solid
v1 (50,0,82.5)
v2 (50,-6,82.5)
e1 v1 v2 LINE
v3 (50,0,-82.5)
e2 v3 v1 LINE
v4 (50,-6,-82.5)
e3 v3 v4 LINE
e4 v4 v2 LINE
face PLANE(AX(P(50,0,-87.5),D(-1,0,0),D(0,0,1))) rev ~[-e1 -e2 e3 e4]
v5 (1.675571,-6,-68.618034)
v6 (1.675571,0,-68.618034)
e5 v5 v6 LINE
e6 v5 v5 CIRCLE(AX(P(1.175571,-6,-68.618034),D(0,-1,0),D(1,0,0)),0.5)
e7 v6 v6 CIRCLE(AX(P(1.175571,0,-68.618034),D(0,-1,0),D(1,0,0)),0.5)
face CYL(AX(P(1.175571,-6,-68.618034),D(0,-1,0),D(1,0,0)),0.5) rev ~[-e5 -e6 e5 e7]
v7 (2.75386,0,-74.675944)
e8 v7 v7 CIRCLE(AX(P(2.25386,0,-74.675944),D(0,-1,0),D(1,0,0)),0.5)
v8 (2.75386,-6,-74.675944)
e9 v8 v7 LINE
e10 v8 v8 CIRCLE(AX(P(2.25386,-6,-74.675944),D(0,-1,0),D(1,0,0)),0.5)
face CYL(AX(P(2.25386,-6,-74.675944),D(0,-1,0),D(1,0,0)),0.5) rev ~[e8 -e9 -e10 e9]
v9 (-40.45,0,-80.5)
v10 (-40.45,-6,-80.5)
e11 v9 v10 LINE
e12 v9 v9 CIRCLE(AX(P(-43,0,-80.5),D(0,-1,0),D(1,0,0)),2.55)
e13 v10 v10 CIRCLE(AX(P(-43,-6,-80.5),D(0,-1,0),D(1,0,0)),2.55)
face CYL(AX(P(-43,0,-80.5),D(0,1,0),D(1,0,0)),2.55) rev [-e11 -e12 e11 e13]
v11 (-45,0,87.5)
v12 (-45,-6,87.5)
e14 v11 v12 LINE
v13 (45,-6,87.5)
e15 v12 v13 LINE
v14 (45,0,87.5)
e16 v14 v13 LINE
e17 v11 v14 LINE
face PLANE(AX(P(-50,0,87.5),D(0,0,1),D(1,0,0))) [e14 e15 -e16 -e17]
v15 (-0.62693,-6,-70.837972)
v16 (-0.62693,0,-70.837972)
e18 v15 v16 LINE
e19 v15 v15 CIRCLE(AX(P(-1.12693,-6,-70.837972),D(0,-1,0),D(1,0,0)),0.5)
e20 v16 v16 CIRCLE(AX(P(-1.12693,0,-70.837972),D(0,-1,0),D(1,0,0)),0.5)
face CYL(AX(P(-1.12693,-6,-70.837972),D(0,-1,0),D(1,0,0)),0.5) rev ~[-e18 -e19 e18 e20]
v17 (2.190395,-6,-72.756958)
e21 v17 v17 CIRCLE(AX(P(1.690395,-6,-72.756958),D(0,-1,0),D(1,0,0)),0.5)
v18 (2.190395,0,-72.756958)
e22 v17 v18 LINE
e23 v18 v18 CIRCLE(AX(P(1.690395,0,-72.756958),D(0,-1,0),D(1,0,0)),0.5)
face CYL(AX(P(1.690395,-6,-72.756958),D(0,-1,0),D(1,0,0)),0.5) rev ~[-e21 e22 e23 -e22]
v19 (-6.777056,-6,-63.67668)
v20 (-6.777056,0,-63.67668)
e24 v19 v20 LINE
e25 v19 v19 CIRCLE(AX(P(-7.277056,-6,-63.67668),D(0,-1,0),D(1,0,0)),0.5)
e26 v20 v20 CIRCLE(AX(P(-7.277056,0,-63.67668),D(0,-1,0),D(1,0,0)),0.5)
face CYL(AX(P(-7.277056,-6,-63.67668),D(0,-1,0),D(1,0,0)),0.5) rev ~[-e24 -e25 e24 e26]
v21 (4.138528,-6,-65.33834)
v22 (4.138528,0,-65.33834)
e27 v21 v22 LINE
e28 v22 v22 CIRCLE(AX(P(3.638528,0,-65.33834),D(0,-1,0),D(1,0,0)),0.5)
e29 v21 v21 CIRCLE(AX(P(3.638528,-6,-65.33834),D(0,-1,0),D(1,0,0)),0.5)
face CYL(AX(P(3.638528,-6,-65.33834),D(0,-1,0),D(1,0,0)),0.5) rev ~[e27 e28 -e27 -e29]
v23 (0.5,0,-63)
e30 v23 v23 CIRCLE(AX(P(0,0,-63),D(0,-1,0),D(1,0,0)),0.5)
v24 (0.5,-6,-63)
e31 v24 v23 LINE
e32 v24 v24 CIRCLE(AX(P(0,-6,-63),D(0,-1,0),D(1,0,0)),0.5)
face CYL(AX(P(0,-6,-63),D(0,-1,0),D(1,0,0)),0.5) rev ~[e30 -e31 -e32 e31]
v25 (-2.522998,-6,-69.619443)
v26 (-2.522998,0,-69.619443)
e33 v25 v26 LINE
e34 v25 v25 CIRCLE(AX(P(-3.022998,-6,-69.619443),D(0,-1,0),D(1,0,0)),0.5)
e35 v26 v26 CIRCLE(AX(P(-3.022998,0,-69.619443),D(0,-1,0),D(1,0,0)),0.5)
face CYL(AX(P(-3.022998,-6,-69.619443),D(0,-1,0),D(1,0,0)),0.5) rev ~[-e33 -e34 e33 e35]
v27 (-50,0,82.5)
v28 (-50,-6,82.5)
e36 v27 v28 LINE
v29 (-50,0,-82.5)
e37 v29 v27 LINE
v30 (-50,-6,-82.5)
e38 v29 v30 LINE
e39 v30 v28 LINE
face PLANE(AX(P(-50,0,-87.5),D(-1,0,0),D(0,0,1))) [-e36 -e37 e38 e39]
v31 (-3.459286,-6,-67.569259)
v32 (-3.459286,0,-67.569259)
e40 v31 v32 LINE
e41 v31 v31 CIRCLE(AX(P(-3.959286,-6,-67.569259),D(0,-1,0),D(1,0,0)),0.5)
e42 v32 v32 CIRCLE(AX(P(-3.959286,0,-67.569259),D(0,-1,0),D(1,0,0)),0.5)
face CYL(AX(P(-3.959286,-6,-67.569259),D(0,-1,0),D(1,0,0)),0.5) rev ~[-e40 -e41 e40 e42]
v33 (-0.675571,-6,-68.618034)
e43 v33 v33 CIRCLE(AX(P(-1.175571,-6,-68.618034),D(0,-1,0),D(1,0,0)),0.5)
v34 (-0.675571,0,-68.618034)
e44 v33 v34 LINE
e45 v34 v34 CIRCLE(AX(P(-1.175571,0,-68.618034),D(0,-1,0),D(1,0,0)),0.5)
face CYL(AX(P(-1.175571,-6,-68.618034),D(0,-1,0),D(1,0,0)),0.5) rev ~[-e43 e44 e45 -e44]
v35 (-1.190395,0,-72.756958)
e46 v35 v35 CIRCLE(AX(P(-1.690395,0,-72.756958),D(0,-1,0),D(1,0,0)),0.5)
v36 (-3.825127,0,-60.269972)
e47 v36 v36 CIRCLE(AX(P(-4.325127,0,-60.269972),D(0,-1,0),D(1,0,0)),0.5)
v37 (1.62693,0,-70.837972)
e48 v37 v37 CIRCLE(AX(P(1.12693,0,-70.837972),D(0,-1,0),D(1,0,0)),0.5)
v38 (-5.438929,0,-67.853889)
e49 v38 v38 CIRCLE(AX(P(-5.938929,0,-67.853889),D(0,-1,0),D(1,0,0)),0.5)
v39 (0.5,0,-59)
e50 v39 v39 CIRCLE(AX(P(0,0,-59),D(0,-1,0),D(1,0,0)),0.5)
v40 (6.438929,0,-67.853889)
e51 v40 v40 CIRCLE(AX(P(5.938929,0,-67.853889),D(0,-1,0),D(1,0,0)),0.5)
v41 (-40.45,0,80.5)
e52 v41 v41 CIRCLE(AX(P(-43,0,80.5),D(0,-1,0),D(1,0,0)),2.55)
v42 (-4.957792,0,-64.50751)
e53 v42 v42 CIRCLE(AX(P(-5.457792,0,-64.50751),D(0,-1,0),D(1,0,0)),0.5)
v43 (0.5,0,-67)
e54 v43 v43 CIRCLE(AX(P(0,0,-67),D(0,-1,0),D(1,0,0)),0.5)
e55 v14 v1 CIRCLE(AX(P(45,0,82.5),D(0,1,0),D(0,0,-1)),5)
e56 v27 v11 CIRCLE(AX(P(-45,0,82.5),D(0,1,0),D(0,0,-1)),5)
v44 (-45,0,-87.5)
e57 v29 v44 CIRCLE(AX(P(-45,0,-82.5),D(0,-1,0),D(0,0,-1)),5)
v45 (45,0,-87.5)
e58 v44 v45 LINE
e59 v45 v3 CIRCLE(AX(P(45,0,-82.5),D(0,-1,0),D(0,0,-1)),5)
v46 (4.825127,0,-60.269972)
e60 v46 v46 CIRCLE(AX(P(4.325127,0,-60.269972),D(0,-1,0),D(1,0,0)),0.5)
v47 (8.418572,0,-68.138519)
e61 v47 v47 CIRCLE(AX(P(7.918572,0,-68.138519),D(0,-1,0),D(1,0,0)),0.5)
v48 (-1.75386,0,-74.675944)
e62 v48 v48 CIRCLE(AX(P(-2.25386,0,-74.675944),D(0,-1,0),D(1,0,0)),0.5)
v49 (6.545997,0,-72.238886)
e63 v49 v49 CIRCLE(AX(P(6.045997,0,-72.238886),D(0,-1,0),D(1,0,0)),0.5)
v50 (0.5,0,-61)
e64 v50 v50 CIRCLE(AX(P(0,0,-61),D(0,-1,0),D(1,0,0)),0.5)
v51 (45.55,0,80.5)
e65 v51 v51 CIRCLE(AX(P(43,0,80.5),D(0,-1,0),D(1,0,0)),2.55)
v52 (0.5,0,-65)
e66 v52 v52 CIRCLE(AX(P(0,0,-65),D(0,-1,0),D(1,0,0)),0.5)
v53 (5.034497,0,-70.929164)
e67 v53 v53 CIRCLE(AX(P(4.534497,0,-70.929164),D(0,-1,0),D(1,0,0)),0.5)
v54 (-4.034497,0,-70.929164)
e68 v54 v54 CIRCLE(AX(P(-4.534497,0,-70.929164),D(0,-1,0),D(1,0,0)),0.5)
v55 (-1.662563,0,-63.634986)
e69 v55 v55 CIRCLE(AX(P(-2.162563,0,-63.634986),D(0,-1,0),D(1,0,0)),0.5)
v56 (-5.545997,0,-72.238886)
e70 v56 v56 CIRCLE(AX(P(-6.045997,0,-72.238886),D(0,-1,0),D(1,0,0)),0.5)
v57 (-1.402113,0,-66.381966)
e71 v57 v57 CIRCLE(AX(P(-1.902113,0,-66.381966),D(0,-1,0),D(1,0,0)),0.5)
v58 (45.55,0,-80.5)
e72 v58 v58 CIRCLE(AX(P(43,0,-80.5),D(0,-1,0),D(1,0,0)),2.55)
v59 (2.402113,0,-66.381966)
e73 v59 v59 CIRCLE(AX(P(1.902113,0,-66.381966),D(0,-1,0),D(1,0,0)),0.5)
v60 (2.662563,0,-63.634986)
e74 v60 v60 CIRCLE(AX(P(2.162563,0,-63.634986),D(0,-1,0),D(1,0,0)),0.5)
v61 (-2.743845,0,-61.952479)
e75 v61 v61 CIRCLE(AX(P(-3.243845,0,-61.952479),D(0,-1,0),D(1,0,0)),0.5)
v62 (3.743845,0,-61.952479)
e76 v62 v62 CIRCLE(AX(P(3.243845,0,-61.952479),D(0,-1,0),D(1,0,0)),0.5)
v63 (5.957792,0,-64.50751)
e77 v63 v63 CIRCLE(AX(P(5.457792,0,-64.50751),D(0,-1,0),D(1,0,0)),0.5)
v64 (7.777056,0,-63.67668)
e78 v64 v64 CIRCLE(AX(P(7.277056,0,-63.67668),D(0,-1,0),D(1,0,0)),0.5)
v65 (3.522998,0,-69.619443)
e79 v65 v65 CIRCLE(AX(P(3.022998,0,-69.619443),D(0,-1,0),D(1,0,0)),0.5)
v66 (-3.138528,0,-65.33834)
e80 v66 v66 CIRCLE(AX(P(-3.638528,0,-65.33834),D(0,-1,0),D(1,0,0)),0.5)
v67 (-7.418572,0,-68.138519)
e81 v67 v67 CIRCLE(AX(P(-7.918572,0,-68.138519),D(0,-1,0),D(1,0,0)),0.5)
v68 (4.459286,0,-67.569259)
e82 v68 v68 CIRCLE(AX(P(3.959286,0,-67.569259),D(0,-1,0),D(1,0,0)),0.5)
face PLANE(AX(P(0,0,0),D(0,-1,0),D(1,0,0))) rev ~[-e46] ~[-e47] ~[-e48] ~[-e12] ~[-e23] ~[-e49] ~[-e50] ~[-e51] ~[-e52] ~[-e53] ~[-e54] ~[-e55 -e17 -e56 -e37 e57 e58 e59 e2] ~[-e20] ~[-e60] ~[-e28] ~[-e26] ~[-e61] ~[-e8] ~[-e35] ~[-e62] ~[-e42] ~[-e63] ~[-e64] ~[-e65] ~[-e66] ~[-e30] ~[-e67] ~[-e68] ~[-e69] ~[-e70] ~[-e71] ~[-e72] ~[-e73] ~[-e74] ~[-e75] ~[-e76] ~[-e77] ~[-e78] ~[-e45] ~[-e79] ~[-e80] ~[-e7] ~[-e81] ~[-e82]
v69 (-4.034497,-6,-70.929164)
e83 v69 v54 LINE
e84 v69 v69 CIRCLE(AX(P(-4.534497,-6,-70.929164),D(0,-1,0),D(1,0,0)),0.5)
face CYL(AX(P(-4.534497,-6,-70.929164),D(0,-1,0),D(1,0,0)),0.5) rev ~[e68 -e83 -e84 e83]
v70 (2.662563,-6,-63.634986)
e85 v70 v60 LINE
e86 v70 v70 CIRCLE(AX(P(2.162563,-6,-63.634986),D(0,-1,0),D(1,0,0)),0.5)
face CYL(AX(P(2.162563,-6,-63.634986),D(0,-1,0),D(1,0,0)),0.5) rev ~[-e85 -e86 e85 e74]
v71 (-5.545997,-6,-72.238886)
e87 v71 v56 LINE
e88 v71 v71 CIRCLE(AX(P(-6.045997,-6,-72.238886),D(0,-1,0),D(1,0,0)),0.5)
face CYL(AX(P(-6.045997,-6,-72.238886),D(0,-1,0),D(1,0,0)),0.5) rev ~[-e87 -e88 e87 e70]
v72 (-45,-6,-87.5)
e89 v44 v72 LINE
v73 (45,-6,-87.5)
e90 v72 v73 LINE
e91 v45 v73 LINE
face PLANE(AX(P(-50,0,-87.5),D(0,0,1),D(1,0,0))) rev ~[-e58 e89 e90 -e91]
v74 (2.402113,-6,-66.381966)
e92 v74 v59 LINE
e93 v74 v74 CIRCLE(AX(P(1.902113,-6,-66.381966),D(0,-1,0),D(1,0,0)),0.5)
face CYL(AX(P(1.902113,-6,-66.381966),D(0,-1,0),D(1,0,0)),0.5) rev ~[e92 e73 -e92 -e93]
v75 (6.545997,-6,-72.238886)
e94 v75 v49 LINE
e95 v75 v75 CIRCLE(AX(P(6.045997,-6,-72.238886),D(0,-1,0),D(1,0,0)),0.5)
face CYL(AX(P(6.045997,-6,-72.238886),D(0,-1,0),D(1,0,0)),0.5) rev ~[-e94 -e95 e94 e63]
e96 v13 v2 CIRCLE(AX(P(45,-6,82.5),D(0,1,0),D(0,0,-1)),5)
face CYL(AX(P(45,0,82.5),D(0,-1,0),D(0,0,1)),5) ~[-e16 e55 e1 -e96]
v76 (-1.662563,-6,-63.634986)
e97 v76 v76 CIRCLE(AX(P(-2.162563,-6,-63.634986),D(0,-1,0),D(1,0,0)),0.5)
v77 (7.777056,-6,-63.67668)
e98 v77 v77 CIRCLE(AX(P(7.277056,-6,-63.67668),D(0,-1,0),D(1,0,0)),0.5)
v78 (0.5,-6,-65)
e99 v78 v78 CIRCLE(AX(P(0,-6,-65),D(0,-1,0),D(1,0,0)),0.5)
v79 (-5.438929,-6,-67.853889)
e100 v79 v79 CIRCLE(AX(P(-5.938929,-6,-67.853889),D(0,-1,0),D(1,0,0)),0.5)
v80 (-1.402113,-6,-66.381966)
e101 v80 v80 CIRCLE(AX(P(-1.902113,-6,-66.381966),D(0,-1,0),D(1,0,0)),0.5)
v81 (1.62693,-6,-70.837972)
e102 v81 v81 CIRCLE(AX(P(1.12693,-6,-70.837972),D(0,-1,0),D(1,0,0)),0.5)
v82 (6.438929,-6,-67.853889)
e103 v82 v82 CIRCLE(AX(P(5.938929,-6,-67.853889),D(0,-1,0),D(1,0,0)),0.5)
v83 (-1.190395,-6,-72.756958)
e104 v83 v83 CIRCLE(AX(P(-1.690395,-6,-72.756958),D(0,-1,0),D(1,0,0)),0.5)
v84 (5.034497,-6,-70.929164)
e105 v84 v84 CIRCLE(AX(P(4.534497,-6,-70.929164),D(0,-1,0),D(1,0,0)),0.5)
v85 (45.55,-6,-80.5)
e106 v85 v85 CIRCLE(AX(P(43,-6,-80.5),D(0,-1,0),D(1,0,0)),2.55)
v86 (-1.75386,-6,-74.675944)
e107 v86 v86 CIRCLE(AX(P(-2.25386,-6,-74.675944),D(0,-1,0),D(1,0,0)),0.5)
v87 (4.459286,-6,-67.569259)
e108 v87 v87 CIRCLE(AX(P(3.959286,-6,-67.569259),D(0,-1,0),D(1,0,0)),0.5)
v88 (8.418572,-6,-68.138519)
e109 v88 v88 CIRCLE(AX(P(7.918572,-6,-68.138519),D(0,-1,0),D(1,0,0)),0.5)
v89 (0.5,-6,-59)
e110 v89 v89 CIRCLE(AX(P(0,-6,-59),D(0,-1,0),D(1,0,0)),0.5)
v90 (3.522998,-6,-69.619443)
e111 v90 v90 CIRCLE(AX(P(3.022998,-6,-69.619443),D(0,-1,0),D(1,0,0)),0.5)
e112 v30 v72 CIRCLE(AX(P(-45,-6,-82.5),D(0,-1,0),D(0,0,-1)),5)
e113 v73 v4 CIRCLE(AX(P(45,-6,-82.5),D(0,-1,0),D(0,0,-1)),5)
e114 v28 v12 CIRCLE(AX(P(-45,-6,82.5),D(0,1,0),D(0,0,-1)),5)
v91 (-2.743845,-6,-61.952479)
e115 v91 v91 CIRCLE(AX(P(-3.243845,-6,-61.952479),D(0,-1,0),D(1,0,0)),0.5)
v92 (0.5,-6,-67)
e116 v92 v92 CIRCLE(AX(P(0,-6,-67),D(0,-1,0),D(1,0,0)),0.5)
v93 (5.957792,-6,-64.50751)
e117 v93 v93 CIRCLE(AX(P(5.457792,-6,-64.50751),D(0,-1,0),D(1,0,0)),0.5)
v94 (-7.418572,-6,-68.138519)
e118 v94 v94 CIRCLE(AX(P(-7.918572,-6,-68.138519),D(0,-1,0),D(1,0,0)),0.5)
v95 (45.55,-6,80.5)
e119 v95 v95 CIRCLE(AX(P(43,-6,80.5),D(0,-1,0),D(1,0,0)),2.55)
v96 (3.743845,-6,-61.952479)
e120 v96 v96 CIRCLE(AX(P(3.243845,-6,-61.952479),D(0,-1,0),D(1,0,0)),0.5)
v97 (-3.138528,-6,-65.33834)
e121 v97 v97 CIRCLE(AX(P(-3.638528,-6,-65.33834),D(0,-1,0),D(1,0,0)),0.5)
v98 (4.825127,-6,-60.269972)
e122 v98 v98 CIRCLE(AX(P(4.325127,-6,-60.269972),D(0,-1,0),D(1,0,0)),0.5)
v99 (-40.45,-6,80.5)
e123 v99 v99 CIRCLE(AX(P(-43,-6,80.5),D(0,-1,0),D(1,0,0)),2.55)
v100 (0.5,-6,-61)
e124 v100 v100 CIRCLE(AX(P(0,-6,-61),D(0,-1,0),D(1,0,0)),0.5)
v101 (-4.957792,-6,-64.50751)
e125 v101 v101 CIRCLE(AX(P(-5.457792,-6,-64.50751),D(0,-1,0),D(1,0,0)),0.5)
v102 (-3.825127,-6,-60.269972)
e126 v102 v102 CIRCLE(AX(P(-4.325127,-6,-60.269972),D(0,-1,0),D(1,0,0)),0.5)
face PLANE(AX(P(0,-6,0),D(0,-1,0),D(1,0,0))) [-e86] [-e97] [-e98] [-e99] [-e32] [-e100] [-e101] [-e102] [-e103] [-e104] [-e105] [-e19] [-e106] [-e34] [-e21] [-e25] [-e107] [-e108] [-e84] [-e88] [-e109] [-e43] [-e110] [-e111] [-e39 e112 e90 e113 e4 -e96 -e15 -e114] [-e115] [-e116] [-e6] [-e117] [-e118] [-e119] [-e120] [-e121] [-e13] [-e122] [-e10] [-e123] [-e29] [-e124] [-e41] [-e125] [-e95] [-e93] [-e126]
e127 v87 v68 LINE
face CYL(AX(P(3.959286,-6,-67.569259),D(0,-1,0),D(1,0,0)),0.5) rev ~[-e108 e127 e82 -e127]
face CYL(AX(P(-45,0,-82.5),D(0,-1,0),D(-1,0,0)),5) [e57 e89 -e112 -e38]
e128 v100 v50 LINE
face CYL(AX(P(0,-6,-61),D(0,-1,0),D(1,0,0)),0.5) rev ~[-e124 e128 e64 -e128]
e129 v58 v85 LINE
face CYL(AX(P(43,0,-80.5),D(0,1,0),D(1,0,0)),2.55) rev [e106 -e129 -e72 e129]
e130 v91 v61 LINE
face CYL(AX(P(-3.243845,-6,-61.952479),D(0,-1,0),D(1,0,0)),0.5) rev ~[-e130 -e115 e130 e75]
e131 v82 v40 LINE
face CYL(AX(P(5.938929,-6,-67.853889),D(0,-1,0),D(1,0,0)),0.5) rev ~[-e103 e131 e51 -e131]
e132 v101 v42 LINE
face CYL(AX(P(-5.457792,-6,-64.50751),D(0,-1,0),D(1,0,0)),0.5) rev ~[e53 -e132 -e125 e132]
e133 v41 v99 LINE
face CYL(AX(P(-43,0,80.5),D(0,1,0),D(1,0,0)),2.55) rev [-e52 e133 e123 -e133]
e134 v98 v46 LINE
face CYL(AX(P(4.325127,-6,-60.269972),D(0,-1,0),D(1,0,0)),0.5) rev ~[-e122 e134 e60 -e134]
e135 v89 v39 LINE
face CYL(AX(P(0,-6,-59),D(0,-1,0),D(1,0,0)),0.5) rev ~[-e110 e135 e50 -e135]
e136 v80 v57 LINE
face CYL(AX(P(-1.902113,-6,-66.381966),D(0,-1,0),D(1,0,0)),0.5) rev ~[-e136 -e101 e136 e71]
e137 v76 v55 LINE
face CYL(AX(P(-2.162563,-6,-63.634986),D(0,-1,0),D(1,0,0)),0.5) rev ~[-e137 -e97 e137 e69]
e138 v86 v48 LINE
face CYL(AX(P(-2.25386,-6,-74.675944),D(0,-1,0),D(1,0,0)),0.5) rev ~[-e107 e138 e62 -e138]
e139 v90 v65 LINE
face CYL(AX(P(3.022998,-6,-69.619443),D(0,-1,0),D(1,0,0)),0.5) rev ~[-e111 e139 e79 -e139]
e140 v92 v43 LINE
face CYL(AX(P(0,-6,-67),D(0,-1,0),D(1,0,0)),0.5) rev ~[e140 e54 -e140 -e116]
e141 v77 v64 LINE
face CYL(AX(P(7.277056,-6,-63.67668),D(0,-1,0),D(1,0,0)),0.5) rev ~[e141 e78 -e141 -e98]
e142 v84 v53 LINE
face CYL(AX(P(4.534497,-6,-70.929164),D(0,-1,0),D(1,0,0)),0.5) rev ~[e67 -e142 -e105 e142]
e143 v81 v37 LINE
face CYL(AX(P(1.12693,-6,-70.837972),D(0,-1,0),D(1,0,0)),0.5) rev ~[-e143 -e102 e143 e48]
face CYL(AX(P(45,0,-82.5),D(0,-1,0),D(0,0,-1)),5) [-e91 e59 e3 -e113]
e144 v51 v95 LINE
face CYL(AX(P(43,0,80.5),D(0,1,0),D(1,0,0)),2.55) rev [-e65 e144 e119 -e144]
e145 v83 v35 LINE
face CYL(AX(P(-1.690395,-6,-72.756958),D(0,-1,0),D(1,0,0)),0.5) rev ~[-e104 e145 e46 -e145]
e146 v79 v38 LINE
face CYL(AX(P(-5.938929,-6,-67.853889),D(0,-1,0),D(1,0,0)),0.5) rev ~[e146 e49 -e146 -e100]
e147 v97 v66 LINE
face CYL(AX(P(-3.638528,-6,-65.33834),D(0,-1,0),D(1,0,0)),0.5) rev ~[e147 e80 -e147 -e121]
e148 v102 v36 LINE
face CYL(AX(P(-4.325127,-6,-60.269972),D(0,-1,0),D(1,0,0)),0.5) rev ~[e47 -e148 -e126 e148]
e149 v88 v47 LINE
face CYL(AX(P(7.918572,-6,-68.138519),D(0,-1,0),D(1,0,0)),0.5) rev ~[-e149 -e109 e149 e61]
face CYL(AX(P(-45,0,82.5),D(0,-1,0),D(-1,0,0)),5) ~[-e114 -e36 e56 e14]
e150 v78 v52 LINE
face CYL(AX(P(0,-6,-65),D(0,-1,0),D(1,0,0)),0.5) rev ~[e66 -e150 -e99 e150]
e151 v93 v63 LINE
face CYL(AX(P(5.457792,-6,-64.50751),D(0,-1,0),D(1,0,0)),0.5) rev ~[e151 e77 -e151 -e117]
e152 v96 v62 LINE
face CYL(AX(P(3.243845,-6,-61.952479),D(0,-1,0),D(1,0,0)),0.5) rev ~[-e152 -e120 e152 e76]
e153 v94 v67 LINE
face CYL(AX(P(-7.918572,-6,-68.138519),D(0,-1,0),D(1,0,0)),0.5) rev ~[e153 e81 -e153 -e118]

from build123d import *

# Parameters (mm, degrees)
F0_W     = 100
F0_H     = 175
F0_R     = 2.55
F1_DEPTH = 6
F2_R     = 5
F3_R     = 0.5
F4_DEPTH = 25


with BuildPart() as f1:
    # F0 (on Front) → F1 (new body)
    with BuildSketch(Plane.XZ):
        Rectangle(F0_W, F0_H)
        with Locations((-43, -80.5)):
            Circle(F0_R, mode=Mode.SUBTRACT)
        with Locations((43, -80.5)):
            Circle(F0_R, mode=Mode.SUBTRACT)
        with Locations((-43, 80.5)):
            Circle(F0_R, mode=Mode.SUBTRACT)
        with Locations((43, 80.5)):
            Circle(F0_R, mode=Mode.SUBTRACT)
    extrude(amount=F1_DEPTH)

    # F2
    f2_edges = [f1.edges().sort_by_distance(p)[0] for p in [
        (-50, -3, 87.5),
        (-50, -3, -87.5),
        (50, -3, 87.5),
        (50, -3, -87.5),
    ]]
    fillet(f2_edges, radius=F2_R)

    # F3 (on face) → F4 (cut)
    with BuildSketch(Plane.XZ.offset(6)):
        with Locations((0, -67)):
            Circle(F3_R)
        with Locations((0, -65)):
            Circle(F3_R)
        with Locations((0, -63)):
            Circle(F3_R)
        with Locations((0, -61)):
            Circle(F3_R)
        with Locations((0, -59)):
            Circle(F3_R)
        with Locations((-1.902113, -66.381966)):
            Circle(F3_R)
        with Locations((-1.175571, -68.618034)):
            Circle(F3_R)
        with Locations((1.175571, -68.618034)):
            Circle(F3_R)
        with Locations((1.902113, -66.381966)):
            Circle(F3_R)
        with Locations((-2.162563, -63.634986)):
            Circle(F3_R)
        with Locations((-3.243845, -61.952479)):
            Circle(F3_R)
        with Locations((-4.325127, -60.269972)):
            Circle(F3_R)
        with Locations((-3.638528, -65.33834)):
            Circle(F3_R)
        with Locations((-5.457792, -64.50751)):
            Circle(F3_R)
        with Locations((-7.277056, -63.67668)):
            Circle(F3_R)
        with Locations((-3.959286, -67.569259)):
            Circle(F3_R)
        with Locations((-5.938929, -67.853889)):
            Circle(F3_R)
        with Locations((-7.918572, -68.138519)):
            Circle(F3_R)
        with Locations((-3.022998, -69.619443)):
            Circle(F3_R)
        with Locations((-4.534497, -70.929164)):
            Circle(F3_R)
        with Locations((-6.045997, -72.238886)):
            Circle(F3_R)
        with Locations((-1.12693, -70.837972)):
            Circle(F3_R)
        with Locations((-1.690395, -72.756958)):
            Circle(F3_R)
        with Locations((-2.25386, -74.675944)):
            Circle(F3_R)
        with Locations((1.12693, -70.837972)):
            Circle(F3_R)
        with Locations((1.690395, -72.756958)):
            Circle(F3_R)
        with Locations((2.25386, -74.675944)):
            Circle(F3_R)
        with Locations((3.022998, -69.619443)):
            Circle(F3_R)
        with Locations((4.534497, -70.929164)):
            Circle(F3_R)
        with Locations((6.045997, -72.238886)):
            Circle(F3_R)
        with Locations((3.959286, -67.569259)):
            Circle(F3_R)
        with Locations((5.938929, -67.853889)):
            Circle(F3_R)
        with Locations((7.918572, -68.138519)):
            Circle(F3_R)
        with Locations((3.638528, -65.33834)):
            Circle(F3_R)
        with Locations((5.457792, -64.50751)):
            Circle(F3_R)
        with Locations((7.277056, -63.67668)):
            Circle(F3_R)
        with Locations((2.162563, -63.634986)):
            Circle(F3_R)
        with Locations((3.243845, -61.952479)):
            Circle(F3_R)
        with Locations((4.325127, -60.269972)):
            Circle(F3_R)
    extrude(amount=-F4_DEPTH, mode=Mode.SUBTRACT)


solid = f1.part
